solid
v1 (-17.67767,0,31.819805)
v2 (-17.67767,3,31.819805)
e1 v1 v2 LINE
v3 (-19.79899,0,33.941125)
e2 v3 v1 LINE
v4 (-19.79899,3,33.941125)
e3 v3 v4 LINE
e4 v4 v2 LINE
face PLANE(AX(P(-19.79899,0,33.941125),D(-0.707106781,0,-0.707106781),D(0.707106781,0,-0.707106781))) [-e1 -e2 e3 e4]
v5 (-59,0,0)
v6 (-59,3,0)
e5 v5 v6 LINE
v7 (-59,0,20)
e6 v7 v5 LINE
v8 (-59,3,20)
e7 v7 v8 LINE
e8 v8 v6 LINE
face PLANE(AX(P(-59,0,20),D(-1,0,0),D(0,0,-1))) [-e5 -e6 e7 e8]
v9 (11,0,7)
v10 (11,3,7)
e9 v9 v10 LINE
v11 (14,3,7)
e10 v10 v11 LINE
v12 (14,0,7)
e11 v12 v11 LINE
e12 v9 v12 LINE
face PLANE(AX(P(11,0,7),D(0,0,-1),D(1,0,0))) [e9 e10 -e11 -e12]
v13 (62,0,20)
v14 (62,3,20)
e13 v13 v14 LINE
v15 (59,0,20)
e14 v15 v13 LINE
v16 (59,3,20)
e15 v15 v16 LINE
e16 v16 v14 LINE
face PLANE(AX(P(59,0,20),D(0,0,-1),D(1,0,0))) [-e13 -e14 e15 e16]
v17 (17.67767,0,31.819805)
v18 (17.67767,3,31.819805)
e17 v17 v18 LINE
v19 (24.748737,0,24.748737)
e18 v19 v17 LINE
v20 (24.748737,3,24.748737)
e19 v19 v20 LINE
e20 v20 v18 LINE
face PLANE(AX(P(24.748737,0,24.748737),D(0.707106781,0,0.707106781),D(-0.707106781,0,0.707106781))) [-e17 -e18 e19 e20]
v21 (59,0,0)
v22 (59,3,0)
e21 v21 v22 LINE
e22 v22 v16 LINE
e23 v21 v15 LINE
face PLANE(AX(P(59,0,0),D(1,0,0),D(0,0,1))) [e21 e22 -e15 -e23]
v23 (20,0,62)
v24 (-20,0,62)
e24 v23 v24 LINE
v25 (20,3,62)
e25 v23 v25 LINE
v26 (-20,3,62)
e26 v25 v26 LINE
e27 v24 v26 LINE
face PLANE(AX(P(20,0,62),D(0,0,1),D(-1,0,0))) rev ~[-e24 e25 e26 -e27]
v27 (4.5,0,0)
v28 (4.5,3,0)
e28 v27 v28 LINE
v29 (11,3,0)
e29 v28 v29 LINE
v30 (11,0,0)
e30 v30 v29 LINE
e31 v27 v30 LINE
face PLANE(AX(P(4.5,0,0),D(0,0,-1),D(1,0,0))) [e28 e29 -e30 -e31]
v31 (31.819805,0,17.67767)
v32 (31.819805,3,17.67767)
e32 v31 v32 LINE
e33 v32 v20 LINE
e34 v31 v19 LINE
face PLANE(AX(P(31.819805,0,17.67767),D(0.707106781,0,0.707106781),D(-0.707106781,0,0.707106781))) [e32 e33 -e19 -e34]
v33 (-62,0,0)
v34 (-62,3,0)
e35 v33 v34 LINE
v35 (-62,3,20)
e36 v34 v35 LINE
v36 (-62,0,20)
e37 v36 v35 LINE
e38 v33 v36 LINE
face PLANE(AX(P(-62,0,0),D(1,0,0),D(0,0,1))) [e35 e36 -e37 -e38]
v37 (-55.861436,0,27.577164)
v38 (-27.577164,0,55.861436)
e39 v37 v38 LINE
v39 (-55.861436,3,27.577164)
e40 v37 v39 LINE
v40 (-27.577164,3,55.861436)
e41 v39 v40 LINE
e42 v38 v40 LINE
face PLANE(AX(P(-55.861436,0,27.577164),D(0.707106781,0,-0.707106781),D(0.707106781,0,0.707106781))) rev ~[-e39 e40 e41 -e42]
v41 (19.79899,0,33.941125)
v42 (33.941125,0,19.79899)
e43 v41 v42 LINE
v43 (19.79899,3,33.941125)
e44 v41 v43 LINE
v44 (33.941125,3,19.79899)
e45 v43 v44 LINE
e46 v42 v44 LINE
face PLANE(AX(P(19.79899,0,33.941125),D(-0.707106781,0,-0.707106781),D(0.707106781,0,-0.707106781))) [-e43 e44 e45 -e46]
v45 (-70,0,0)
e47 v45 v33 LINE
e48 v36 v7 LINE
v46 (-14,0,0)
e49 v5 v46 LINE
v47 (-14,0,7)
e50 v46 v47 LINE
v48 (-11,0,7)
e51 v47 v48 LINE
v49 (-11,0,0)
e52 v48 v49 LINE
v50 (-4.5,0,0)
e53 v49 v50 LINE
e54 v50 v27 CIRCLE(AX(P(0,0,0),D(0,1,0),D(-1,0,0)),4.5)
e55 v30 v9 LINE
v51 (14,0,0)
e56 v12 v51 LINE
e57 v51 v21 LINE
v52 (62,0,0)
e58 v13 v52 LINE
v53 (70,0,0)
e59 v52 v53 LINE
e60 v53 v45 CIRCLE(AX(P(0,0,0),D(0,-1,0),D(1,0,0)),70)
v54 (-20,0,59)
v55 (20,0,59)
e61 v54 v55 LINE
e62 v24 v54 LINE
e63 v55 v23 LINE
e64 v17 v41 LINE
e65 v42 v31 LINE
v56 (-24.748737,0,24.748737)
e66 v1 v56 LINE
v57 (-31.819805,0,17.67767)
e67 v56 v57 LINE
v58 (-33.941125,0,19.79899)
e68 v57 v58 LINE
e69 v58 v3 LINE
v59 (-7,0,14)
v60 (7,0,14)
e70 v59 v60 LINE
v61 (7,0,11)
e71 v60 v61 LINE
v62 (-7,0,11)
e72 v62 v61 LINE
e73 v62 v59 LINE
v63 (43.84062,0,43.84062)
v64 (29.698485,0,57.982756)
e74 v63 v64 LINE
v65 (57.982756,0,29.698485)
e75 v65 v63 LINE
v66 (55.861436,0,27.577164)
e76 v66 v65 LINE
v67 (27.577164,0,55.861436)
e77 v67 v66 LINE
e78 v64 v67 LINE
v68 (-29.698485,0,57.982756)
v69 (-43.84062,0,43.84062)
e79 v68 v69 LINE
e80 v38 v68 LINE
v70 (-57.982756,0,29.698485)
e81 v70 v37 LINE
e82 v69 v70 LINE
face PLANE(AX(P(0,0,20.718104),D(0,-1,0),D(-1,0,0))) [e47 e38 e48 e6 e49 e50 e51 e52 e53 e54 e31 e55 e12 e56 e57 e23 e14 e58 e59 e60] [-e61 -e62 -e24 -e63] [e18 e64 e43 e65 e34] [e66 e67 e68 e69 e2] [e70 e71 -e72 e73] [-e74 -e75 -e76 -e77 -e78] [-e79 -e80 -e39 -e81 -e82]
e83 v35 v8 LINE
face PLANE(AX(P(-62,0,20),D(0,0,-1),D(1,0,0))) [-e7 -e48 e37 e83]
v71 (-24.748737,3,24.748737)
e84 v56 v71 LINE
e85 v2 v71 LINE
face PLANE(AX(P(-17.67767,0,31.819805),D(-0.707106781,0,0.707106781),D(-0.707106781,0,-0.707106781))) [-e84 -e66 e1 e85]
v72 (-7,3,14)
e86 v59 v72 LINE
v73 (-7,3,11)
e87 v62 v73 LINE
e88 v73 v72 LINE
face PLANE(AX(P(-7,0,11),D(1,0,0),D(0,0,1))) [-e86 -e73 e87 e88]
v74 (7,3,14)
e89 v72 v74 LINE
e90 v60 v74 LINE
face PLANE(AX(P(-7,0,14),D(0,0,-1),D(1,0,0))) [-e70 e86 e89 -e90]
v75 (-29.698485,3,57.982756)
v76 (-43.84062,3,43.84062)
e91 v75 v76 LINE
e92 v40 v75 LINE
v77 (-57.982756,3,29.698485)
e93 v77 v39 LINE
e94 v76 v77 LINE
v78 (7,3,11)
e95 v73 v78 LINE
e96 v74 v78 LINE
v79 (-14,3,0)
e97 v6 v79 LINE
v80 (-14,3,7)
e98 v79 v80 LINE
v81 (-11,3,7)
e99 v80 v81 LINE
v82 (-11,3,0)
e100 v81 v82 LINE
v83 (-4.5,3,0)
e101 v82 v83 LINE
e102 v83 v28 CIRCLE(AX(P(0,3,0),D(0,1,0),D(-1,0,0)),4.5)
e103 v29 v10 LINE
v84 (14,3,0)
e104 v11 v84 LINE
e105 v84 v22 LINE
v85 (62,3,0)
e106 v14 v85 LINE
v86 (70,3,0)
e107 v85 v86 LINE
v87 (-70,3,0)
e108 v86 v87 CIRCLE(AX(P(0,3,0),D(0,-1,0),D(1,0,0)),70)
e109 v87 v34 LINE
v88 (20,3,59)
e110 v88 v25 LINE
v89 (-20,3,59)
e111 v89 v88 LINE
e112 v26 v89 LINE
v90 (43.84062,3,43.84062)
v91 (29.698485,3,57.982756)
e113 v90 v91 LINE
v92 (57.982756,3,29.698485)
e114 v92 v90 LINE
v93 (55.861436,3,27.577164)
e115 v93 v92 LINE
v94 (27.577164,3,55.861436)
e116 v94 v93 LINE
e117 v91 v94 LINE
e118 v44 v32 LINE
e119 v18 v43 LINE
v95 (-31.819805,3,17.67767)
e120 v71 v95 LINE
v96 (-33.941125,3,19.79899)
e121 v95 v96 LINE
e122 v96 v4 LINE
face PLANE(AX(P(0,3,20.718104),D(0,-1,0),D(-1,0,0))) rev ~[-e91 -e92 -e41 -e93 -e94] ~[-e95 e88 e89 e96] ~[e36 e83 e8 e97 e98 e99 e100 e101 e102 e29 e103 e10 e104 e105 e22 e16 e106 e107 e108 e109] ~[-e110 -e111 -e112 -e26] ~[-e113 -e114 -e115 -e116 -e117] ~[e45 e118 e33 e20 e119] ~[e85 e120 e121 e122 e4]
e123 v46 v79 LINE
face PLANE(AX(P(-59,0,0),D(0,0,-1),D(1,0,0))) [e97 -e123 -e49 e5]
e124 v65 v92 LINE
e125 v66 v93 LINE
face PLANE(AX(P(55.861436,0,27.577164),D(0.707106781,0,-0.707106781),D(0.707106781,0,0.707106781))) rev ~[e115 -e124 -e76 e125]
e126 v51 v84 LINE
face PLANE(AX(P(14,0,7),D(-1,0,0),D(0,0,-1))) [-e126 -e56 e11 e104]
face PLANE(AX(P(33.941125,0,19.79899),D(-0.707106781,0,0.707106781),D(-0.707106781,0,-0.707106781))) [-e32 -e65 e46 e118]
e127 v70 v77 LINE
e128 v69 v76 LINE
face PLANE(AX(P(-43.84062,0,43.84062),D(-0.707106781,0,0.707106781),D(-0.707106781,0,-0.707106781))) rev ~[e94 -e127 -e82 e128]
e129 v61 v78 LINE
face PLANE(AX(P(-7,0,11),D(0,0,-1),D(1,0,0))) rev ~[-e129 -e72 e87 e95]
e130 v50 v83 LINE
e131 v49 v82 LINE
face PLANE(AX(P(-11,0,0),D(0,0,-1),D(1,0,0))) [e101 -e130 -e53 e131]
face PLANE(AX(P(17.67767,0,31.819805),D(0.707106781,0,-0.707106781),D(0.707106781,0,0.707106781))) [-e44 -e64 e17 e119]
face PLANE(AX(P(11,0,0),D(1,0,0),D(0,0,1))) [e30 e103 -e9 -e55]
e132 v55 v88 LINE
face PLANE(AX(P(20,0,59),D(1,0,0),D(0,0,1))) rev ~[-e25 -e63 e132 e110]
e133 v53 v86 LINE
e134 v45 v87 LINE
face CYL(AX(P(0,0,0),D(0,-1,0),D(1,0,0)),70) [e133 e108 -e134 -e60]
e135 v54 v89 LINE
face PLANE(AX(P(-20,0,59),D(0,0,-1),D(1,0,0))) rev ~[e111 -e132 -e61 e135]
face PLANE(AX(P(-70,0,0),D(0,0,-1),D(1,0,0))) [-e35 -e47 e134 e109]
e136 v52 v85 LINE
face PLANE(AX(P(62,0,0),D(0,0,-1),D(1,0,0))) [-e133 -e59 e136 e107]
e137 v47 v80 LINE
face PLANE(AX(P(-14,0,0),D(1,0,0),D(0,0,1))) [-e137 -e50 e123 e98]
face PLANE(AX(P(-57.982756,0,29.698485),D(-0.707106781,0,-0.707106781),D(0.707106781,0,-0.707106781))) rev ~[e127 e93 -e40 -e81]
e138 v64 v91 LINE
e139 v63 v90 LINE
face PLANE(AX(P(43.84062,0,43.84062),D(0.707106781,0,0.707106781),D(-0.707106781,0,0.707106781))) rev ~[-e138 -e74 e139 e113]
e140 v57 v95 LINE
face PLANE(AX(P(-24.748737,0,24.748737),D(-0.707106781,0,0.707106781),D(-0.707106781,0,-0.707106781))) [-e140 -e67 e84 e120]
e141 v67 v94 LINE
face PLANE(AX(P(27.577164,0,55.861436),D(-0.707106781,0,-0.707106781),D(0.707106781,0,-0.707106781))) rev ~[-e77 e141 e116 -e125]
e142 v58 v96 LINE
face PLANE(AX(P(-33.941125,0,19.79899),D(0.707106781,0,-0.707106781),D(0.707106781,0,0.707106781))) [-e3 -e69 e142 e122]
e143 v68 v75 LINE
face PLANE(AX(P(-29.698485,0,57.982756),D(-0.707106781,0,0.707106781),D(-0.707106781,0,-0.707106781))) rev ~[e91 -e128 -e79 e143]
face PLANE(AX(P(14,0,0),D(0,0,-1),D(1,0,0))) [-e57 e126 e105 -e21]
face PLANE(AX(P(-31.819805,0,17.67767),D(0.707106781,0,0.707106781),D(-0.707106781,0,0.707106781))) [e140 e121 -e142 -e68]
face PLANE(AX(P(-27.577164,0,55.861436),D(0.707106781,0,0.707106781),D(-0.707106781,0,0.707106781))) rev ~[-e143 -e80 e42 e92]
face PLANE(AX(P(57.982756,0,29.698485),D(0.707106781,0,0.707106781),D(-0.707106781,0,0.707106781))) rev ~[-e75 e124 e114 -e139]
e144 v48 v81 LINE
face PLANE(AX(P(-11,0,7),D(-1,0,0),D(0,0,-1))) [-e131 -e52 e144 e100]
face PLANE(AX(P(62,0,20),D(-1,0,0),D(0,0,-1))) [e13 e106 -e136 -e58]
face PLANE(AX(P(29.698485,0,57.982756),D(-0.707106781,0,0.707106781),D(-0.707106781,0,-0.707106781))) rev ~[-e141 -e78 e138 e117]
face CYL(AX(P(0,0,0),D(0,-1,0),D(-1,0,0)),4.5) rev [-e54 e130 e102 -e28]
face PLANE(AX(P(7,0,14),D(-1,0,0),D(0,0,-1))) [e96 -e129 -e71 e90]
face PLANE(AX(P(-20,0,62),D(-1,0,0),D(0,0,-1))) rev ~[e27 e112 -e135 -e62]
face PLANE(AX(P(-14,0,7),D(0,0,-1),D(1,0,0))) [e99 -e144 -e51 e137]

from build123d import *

# Parameters (mm, degrees)
SALIENTE_EXTRUIR1_DEPTH = 3


with BuildPart() as part:
    # Croquis1 → Saliente-Extruir1 (new body)
    with BuildSketch(Plane(origin=(0, 0, 0), x_dir=(1, 0, 0), z_dir=(0, 1, 0))):
        with BuildLine():
            Line((-59, 0), (-17, 0))
            Line((-17, 0), (-14, 0))
            Line((-14, 0), (-14, -7))
            Line((-14, -7), (-11, -7))
            Line((-11, -7), (-11, 0))
            Line((-11, 0), (-4.5, 0))
            ThreePointArc((-4.5, 0), (0, -4.5), (4.5, 0))
            Line((4.5, 0), (11, 0))
            Line((11, 0), (11, -7))
            Line((11, -7), (14, -7))
            Line((14, -7), (14, 0))
            Line((14, 0), (17, 0))
            Line((17, 0), (59, 0))
            Line((59, 0), (59, -20))
            Line((59, -20), (62, -20))
            Line((62, -20), (62, 0))
            Line((62, 0), (70, 0))
            ThreePointArc((70, 0), (0, -70), (-70, 0))
            Line((-70, 0), (-62, 0))
            Line((-62, 0), (-62, -20))
            Line((-62, -20), (-59, -20))
            Line((-59, -20), (-59, 0))
        make_face()
        Polygon((-7, -14), (7, -14), (7, -11), (0, -11), (-7, -11), align=None, mode=Mode.SUBTRACT)
        Polygon((24.748737342, -24.748737342), (17.67766953, -31.819805153), (19.798989873, -33.941125497), (33.941125497, -19.798989873), (31.819805153, -17.67766953), align=None, mode=Mode.SUBTRACT)
        Polygon((-24.748737342, -24.748737342), (-31.819805153, -17.67766953), (-33.941125497, -19.798989873), (-19.798989873, -33.941125497), (-17.67766953, -31.819805153), align=None, mode=Mode.SUBTRACT)
        Polygon((27.577164466, -55.861435714), (55.861435714, -27.577164466), (57.982756057, -29.69848481), (43.840620434, -43.840620434), (29.69848481, -57.982756057), align=None, mode=Mode.SUBTRACT)
        Polygon((-20, -59), (20, -59), (20, -62), (0, -62), (-20, -62), align=None, mode=Mode.SUBTRACT)
        Polygon((-55.861435714, -27.577164466), (-27.577164466, -55.861435714), (-29.69848481, -57.982756057), (-43.840620434, -43.840620434), (-57.982756057, -29.69848481), align=None, mode=Mode.SUBTRACT)
    extrude(amount=SALIENTE_EXTRUIR1_DEPTH)


solid = part.part
